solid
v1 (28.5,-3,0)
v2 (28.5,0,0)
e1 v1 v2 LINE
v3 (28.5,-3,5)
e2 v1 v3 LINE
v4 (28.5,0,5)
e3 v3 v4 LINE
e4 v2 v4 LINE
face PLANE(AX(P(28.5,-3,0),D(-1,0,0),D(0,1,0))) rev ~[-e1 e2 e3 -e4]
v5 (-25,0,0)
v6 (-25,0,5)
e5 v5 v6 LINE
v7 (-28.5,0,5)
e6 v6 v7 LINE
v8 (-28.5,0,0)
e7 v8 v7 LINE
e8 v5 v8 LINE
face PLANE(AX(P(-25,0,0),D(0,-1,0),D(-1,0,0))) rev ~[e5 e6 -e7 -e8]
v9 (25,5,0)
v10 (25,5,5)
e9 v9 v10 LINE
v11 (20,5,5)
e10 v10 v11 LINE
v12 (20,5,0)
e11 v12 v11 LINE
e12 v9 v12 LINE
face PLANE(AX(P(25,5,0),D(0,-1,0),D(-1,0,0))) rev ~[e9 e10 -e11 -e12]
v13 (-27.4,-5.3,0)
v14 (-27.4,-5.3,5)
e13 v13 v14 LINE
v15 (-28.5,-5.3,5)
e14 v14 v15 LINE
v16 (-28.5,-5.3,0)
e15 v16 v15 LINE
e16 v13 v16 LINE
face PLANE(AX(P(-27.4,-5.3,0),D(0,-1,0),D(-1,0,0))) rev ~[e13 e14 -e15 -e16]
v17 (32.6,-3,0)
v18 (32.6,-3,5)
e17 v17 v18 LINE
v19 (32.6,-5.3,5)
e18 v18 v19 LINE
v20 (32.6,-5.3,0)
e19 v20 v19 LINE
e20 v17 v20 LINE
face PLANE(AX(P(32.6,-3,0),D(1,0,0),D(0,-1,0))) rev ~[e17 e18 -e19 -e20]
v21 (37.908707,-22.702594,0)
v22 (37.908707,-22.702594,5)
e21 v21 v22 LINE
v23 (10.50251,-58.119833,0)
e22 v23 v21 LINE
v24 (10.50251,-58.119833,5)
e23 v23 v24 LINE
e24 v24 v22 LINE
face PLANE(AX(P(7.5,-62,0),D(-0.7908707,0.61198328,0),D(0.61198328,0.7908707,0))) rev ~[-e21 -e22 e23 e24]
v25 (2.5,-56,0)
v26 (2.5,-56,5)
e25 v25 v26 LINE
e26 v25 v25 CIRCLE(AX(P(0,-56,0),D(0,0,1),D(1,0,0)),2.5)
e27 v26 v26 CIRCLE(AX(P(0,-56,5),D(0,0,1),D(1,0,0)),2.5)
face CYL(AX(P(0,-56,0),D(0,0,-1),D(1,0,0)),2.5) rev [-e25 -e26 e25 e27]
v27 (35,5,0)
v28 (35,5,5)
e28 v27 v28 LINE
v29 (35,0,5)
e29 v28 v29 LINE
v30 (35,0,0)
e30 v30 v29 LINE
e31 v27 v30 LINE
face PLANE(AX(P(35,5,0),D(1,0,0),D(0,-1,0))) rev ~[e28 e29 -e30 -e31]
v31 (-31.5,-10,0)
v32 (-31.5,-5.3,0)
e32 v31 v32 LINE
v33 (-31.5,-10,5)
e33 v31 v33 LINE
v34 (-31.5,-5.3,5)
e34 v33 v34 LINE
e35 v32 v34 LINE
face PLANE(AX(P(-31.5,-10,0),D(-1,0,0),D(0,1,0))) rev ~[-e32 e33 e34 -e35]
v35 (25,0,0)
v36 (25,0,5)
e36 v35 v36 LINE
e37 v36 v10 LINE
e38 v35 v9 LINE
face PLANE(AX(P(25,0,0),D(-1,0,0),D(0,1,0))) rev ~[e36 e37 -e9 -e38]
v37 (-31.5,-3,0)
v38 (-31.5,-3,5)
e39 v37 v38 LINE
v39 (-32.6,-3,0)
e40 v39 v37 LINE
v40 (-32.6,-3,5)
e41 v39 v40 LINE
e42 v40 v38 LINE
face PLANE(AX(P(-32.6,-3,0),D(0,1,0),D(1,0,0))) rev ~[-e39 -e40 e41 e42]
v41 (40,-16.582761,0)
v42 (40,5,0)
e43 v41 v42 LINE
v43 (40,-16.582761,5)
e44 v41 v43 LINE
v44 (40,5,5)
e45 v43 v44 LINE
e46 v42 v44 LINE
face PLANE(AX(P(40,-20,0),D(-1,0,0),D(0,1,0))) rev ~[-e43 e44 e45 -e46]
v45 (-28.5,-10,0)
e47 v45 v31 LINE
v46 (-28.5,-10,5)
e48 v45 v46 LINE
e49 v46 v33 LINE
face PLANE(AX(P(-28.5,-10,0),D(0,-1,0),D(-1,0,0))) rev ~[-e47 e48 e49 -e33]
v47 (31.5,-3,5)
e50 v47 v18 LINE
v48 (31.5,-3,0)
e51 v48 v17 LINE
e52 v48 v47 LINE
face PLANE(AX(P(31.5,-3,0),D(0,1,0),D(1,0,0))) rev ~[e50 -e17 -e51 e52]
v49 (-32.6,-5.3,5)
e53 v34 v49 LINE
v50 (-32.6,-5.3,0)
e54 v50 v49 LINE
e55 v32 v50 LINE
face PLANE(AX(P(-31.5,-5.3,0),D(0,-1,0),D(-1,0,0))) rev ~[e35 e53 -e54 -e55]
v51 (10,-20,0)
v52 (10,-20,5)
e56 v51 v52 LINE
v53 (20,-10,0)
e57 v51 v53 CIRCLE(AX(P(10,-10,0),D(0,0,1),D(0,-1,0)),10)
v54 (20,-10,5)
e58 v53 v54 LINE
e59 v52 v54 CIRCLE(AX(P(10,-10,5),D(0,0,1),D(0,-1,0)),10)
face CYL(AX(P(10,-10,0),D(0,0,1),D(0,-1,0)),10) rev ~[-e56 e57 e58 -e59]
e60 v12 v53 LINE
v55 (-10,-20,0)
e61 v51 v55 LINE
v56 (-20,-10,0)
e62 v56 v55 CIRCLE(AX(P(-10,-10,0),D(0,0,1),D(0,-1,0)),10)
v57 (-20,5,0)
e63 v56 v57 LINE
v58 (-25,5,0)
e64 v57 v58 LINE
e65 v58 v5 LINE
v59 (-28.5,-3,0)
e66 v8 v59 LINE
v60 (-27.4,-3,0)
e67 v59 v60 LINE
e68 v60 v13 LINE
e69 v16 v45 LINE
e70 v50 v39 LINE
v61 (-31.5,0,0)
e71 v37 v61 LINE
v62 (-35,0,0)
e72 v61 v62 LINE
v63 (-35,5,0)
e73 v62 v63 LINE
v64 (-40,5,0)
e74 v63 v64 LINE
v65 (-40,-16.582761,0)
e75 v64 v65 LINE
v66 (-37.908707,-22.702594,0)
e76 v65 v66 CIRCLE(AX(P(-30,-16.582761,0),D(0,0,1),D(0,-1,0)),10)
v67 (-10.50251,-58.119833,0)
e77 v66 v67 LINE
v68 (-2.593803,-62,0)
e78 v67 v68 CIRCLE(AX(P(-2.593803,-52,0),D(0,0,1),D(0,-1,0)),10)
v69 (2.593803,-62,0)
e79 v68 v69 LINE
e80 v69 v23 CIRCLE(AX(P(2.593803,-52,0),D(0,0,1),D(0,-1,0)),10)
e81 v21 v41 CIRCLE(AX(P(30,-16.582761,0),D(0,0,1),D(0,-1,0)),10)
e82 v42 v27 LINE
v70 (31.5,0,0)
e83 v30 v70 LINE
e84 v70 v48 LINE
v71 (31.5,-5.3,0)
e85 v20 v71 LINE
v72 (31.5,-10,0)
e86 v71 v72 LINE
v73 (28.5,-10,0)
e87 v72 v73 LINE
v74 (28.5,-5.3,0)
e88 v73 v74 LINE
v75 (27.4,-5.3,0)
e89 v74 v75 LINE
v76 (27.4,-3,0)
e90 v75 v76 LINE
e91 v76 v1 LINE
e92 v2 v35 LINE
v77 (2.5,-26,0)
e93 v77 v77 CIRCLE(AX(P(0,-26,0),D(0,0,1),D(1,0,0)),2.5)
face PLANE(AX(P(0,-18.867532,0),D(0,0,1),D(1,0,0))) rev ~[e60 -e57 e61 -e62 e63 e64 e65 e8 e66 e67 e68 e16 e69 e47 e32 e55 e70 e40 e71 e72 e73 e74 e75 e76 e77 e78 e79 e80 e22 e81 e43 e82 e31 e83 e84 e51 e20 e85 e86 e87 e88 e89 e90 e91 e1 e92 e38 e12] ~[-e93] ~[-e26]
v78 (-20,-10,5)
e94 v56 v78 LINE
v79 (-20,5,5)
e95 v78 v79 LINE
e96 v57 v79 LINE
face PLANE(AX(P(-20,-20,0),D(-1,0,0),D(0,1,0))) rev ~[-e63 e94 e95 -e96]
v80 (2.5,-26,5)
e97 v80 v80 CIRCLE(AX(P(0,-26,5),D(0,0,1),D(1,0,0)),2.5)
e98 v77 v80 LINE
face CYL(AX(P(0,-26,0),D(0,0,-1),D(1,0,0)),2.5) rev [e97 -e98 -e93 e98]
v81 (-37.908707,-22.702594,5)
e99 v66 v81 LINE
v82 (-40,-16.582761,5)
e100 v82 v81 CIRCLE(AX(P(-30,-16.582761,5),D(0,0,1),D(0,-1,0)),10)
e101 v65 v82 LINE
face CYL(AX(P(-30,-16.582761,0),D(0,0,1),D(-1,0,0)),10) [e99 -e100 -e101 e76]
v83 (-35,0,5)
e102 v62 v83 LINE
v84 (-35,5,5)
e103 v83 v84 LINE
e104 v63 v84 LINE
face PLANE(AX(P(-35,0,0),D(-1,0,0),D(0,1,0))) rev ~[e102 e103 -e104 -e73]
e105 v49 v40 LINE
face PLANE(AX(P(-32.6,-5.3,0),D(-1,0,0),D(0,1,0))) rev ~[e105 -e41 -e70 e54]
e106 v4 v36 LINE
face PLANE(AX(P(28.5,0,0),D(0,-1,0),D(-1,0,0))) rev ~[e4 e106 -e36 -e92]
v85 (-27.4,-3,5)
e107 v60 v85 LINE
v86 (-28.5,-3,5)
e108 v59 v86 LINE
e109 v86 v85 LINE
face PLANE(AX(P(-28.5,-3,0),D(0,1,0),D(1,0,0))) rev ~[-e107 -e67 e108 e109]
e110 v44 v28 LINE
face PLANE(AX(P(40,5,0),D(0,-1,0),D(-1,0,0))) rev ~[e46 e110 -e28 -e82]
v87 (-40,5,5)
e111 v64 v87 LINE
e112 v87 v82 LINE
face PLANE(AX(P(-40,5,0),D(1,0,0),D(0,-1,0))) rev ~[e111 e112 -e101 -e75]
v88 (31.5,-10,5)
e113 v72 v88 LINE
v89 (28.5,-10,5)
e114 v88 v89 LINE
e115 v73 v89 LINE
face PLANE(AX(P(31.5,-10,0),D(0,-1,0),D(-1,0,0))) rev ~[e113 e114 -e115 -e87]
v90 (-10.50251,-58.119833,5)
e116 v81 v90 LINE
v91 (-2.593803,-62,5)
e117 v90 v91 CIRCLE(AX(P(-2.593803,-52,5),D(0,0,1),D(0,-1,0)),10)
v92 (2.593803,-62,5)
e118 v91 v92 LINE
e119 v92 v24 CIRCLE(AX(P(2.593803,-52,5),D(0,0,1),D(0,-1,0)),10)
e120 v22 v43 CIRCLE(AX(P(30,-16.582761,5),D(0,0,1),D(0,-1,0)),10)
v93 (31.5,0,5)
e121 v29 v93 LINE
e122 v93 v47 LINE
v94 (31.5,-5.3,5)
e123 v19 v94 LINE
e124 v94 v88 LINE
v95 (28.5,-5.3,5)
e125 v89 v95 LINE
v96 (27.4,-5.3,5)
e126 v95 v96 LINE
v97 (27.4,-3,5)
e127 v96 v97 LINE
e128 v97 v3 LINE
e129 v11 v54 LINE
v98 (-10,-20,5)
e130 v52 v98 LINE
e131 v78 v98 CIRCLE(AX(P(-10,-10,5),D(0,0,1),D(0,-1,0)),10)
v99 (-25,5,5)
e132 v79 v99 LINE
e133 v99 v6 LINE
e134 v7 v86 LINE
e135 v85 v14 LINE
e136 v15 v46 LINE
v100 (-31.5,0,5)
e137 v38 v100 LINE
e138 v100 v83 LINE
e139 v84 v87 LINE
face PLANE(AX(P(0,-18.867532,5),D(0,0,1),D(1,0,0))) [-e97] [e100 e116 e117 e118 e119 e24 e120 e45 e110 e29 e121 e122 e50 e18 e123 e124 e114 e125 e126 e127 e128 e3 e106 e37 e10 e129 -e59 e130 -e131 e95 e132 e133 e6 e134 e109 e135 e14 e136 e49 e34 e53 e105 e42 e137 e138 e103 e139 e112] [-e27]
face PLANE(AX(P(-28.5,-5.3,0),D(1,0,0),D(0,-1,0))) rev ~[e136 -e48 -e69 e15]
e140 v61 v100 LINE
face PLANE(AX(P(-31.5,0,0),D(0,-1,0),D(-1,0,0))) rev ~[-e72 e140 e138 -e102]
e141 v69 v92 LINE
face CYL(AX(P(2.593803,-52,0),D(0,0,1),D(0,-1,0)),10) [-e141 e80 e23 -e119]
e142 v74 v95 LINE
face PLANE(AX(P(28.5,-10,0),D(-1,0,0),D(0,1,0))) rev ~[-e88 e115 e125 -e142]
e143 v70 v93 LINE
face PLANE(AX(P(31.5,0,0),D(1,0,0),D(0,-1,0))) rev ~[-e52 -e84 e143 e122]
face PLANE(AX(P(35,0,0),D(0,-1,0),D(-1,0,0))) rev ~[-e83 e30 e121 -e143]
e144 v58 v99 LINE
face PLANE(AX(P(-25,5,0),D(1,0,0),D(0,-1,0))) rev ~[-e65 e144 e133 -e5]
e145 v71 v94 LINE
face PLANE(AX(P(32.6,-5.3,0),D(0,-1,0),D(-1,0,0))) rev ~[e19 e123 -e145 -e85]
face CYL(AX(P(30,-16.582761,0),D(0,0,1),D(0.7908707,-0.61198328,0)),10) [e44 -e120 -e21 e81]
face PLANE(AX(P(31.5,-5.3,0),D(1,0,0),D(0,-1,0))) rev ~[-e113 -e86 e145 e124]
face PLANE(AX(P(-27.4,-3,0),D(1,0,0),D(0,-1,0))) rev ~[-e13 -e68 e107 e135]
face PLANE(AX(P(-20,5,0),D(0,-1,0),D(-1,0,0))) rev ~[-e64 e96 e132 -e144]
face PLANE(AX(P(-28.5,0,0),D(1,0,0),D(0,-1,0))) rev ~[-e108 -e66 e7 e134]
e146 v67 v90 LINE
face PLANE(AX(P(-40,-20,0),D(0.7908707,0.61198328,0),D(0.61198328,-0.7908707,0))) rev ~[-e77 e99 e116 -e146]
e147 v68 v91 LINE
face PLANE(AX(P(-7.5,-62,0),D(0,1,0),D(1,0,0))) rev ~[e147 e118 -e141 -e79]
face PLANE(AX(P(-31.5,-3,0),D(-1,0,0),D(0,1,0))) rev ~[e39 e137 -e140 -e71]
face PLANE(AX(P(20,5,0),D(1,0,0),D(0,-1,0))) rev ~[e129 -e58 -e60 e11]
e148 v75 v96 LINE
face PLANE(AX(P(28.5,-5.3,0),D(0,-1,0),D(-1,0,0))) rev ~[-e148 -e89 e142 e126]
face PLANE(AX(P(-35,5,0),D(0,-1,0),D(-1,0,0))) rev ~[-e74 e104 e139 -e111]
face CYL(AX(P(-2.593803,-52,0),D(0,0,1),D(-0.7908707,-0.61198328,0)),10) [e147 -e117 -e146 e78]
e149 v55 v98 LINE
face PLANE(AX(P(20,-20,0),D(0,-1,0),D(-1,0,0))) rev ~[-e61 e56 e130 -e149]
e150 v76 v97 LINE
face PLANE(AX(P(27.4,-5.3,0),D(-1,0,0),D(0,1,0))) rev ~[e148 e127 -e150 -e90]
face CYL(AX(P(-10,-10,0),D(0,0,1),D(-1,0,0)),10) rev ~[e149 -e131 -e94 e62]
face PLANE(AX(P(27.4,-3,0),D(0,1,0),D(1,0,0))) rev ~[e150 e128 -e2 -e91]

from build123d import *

# Parameters (mm, degrees)
ESQUISSE1_R        = 2.5
BOSS_EXTRU_1_DEPTH = 5
CONG_1_R           = 10


with BuildPart() as part:
    # Esquisse1 → Boss.-Extru.1 (new body)
    with BuildSketch(Plane.XY):
        Polygon((-40, 5), (-40, 0), (-40, -20), (-7.5, -62), (7.5, -62), (40, -20), (40, 0), (40, 5), (35, 5), (35, 0), (31.5, 0), (31.5, -3), (32.6, -3), (32.6, -5.3), (31.5, -5.3), (31.5, -10), (28.5, -10), (28.5, -5.3), (27.4, -5.3), (27.4, -3), (28.5, -3), (28.5, 0), (25, 0), (25, 5), (20, 5), (20, 0), (20, -20), (-20, -20), (-20, 0), (-20, 5), (-25, 5), (-25, 0), (-28.5, 0), (-28.5, -3), (-27.4, -3), (-27.4, -5.3), (-28.5, -5.3), (-28.5, -10), (-31.5, -10), (-31.5, -5.3), (-32.6, -5.3), (-32.6, -3), (-31.5, -3), (-31.5, 0), (-35, 0), (-35, 5), align=None)
        with Locations((0, -56)):
            Circle(ESQUISSE1_R, mode=Mode.SUBTRACT)
        with Locations((0, -26)):
            Circle(ESQUISSE1_R, mode=Mode.SUBTRACT)
    extrude(amount=BOSS_EXTRU_1_DEPTH)

    # Congé1
    cong_1_edges = [part.edges().sort_by_distance(p)[0] for p in [
        (-20, -20, 2.5),
        (20, -20, 2.5),
        (40, -20, 2.5),
        (7.5, -62, 2.5),
        (-7.5, -62, 2.5),
        (-40, -20, 2.5),
    ]]
    fillet(cong_1_edges, radius=CONG_1_R)


solid = part.part
